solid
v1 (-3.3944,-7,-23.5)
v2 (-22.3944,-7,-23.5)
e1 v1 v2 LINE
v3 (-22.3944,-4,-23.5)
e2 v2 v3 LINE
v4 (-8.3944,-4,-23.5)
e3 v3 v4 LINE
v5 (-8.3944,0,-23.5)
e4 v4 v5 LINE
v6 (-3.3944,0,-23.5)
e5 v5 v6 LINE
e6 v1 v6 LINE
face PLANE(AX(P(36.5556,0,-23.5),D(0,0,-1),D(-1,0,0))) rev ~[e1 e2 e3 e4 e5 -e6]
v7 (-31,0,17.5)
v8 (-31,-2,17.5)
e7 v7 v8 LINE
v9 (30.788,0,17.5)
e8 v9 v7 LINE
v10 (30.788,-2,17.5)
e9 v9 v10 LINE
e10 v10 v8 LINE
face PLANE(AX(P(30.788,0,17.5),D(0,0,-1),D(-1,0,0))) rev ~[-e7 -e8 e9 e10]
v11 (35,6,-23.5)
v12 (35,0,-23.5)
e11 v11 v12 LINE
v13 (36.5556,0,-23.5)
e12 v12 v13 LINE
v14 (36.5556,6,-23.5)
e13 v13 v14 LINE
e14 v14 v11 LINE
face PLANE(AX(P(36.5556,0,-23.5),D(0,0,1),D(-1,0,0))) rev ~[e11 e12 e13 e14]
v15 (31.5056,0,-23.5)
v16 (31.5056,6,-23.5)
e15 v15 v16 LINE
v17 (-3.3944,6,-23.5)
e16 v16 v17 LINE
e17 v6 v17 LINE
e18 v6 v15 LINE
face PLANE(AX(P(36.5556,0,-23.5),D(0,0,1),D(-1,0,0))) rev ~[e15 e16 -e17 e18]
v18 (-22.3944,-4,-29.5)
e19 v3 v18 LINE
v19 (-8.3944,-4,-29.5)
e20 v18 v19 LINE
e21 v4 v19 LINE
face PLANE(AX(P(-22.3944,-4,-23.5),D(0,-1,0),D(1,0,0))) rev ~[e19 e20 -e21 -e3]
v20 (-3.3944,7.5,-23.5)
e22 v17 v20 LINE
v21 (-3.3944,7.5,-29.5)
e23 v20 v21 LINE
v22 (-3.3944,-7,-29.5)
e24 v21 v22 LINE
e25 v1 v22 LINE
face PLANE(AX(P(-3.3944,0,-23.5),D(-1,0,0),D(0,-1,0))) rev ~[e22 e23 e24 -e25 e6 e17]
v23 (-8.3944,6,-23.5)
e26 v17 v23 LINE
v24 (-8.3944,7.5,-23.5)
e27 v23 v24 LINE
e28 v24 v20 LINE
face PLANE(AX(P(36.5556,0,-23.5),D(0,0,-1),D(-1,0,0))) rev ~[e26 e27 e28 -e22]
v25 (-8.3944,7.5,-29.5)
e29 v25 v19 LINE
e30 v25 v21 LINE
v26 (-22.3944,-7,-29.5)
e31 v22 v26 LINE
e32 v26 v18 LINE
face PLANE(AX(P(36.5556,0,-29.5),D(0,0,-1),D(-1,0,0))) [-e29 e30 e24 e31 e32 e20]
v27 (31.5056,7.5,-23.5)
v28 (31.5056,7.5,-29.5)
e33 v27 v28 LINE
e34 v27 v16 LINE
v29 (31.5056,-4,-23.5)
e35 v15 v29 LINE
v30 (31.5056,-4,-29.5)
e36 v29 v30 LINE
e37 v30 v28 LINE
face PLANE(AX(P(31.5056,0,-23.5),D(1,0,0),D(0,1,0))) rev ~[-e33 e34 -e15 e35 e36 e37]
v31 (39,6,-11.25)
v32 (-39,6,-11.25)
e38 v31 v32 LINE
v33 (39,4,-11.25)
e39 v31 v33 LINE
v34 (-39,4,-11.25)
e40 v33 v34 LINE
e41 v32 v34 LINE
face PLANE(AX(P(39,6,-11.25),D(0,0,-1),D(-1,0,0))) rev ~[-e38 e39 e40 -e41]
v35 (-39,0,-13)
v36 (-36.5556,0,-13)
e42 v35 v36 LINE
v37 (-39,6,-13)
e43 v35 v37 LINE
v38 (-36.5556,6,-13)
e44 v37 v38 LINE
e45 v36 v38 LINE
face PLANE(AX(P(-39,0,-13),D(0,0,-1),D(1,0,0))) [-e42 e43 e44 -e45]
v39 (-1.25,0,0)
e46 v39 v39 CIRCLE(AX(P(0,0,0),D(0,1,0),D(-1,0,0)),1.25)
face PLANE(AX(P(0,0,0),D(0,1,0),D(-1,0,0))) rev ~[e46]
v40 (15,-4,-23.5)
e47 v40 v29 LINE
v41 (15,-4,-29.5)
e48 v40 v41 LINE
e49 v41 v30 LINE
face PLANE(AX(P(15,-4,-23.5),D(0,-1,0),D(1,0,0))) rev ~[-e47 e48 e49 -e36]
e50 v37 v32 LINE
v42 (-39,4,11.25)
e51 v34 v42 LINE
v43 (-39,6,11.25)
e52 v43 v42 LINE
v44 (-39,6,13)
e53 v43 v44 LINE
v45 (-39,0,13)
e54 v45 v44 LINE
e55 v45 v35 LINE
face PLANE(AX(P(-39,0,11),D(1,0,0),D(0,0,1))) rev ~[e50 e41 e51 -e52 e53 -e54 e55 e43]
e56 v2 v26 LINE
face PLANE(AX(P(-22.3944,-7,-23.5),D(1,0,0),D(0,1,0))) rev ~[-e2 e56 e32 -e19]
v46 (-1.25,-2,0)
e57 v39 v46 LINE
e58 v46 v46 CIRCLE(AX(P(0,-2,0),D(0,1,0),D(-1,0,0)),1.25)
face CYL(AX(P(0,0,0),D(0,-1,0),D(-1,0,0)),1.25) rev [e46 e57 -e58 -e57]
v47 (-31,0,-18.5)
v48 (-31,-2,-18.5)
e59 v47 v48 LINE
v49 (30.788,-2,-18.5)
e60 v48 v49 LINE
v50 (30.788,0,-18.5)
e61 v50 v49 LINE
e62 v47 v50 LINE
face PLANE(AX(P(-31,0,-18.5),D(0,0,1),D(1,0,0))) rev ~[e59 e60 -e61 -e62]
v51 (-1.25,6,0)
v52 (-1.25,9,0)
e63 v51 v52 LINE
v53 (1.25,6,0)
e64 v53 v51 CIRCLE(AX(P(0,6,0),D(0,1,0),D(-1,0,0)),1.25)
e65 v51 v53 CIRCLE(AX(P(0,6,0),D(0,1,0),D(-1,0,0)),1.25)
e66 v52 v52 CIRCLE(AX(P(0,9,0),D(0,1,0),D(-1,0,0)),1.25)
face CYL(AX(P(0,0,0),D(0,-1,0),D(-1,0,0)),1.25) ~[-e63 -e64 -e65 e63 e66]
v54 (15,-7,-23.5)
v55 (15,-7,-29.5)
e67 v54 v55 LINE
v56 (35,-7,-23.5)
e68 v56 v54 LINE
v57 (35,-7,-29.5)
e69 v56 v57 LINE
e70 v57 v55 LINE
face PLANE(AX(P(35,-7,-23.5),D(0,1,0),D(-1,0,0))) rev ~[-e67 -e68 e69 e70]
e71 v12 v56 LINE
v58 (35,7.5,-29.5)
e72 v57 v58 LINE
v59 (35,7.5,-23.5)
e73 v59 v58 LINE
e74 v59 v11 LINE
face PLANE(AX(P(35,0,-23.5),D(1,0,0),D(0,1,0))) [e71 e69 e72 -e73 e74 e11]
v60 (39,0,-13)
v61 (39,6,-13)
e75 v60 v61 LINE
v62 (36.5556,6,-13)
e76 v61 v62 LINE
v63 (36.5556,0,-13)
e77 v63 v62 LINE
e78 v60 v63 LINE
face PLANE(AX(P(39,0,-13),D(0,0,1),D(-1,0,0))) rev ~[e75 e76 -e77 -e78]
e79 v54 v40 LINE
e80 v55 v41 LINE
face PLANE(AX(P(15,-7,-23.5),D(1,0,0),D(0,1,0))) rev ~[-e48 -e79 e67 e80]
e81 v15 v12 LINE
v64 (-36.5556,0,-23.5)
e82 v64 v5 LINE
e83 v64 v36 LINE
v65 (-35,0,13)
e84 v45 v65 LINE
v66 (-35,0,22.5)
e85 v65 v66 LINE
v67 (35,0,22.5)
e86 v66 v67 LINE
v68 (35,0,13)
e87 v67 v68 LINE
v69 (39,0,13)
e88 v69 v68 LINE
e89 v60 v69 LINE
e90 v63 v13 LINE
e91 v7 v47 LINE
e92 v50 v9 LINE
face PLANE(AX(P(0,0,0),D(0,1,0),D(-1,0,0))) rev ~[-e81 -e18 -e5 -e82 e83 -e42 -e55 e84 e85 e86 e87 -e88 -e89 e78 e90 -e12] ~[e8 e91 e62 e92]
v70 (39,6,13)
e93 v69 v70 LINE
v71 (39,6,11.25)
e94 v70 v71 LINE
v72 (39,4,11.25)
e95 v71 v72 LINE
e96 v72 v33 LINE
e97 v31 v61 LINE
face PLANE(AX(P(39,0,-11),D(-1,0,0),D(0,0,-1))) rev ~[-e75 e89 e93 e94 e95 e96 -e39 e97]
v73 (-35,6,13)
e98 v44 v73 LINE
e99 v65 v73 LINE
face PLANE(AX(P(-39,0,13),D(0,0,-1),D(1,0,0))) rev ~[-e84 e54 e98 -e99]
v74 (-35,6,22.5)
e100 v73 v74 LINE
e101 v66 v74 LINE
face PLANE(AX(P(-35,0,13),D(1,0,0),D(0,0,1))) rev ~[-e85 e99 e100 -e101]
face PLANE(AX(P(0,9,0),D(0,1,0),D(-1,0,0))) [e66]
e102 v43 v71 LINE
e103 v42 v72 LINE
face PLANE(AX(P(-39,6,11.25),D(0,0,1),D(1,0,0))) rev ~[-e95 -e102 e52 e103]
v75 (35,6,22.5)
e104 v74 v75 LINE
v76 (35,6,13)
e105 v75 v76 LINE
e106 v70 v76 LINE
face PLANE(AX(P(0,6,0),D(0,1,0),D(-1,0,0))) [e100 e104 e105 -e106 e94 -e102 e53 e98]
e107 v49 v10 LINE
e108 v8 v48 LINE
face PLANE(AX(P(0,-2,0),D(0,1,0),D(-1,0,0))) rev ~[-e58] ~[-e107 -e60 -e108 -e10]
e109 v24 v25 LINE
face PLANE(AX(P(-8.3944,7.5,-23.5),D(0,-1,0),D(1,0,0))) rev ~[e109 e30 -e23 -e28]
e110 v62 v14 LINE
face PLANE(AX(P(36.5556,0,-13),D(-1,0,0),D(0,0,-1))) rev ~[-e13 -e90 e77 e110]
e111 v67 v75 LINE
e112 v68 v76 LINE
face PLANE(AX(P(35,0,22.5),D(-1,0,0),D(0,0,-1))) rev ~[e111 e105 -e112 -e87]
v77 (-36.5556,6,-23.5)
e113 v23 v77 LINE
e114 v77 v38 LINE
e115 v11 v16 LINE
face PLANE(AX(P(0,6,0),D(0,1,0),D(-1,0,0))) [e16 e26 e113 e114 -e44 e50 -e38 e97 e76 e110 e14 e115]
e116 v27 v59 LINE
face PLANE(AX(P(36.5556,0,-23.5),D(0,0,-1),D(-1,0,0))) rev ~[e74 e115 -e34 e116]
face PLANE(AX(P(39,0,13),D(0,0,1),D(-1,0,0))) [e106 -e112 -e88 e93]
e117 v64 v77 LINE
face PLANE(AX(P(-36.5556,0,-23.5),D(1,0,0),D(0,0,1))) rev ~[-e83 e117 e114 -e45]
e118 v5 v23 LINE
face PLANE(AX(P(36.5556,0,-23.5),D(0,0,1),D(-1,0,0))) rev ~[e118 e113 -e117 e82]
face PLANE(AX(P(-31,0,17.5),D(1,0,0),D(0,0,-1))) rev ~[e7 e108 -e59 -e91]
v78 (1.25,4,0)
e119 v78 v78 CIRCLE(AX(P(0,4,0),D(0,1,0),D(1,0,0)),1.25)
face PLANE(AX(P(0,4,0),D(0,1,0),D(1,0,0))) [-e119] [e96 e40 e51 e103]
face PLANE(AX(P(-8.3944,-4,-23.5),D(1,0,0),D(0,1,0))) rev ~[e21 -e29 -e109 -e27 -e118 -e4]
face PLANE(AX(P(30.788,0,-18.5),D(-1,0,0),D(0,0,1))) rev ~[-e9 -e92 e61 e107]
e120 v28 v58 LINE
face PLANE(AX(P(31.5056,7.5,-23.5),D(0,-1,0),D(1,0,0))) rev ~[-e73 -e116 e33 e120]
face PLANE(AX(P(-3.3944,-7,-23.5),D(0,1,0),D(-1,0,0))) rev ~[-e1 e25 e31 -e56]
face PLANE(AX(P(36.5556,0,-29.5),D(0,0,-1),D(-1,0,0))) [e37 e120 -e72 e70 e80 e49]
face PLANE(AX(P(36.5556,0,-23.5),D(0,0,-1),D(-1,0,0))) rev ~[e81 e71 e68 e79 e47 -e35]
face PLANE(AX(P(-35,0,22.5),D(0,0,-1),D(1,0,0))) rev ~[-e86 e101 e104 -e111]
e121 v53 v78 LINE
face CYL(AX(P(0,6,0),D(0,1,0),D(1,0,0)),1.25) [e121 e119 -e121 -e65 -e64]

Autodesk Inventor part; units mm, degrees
ref_plane "YZ Plane" through (0, 0, 0) normal (1, 0, 0) x (0, 1, 0)
ref_plane "XZ Plane" through (0, 0, 0) normal (0, 1, 0) x (-1, 0, 0)
ref_plane "XY Plane" through (0, 0, 0) normal (0, 0, 1) x (1, 0, 0)
sketch "Sketch1" plane through (0, 0, 0) normal (0, 1, 0) x (-1, 0, 0)
  line L0 (-36.5556, -23.5) -> (36.5556, -23.5)
  line L1 (35, 22.5) -> (-35, 22.5)
  line L2 (-36.5556, -23.5) -> (35, 22.5) construction
  line L3 (36.5556, -23.5) -> (-35, 22.5) construction
  line L4 (-39, 0) -> (-39, -11)
  line L5 (-39, -11) -> (-39, 11)
  line L6 (39, -11) -> (39, 11)
  line L7 (-39, -11) -> (-39, -13)
  line L8 (-39, -13) -> (-36.5556, -13)
  line L9 (-39, 11) -> (-39, 13)
  line L10 (-39, 13) -> (-35, 13)
  line L11 (39, -11) -> (39, -13)
  line L12 (39, -13) -> (36.5556, -13)
  line L13 (39, 11) -> (39, 13)
  line L14 (39, 13) -> (35, 13)
  line L15 (-30.788, 17.5) -> (31, 17.5)
  line L16 (31, 17.5) -> (31, -18.5)
  line L17 (31, -18.5) -> (-30.788, -18.5)
  line L18 (-30.788, -18.5) -> (-30.788, 17.5)
  line L19 (-30.788, 17.5) -> (31, -18.5) construction
  line L20 (31, 17.5) -> (-30.788, -18.5) construction
  line L21 (36.5556, -23.5) -> (36.5556, -13)
  line L22 (35, 13) -> (35, 22.5)
  line L23 (-35, 22.5) -> (-35, 13)
  line L24 (-36.5556, -13) -> (-36.5556, -23.5)
  circle A0 centre (0, 0) radius 1.25
  dimension "d133" = 2.5
  dimension "d169" = 36
  dimension "d170" = 4
  dimension "d171" = 5
  dimension "d180" = 46
extrude "Extrusion39" add sketch "Sketch1" along normal blind 6 contours L24 L8 L7 L4 L5 L9 L10 L23 L1 L22 L14 L13 L6 L11 L12 L21 L0
extrude "Extrusion40" add sketch "Sketch1" against normal blind 2 contours L15 L16 L17 L18
extrude "Extrusion41" add sketch "Sketch1" along normal blind 6 contours L15 L16 L17 L18
extrude "Extrusion42" add sketch "Sketch1" along normal blind 9 contours A0
sketch "Sketch30" plane through (0, 6, 0) normal (0, 1, 0) x (1, 0, 0)
  line L0 (-39, -11.25) -> (39, -11.25)
  line L1 (39, -11.25) -> (39, 11.25)
  line L2 (39, 11.25) -> (-39, 11.25)
  line L3 (-39, 11.25) -> (-39, -11.25)
  circle A0 centre (0, 0) radius 1.25 projected
  line L4 (-39, -11.25) -> (39, 11.25) construction
  line L5 (39, -11.25) -> (-39, 11.25) construction
  dimension "d142" = 78
  dimension "d143" = 22.5
extrude "Extrusion43" cut sketch "Sketch30" against normal blind 2
sketch "Sketch31" plane through (36.5556, 0, -23.5) normal (0, 0, -1) x (-1, 0, 0)
  line L0 (67.5556, 0) -> (5.7676, 0) projected
  line L1 (67.5556, 0) -> (67.5556, -2) projected
  line L2 (64.95, 0) -> (44.95, 0)
  line L3 (44.95, 0) -> (44.95, 7.5)
  line L4 (39.95, 7.5) -> (39.95, -7)
  line L5 (39.95, -7) -> (58.95, -7)
  line L6 (58.95, -7) -> (58.95, -4)
  line L7 (58.95, -4) -> (44.95, -4)
  line L8 (44.95, -4) -> (44.95, 0)
  line L9 (75.5556, 4) -> (-2.4444, 4) projected
  line L10 (5.05, 0) -> (5.05, 4)
  line L11 (1.5556, 0) -> (1.5556, 6) projected
  line L12 (71.5556, 0) -> (1.5556, 0) projected
  line L13 (1.5556, 0) -> (1.5556, -7)
  line L14 (1.5556, -7) -> (21.5556, -7)
  line L15 (21.5556, -7) -> (21.5556, -4)
  line L16 (21.5556, -4) -> (5.05, -4)
  line L17 (5.7676, 0) -> (5.7676, -2) projected
  line L18 (5.05, -4) -> (5.05, 0)
  line L19 (44.95, 7.5) -> (39.95, 7.5)
  line L20 (5.05, 4) -> (5.05, 7.5)
  line L21 (5.05, 7.5) -> (1.5556, 7.5)
  line L22 (1.5556, 7.5) -> (1.5556, -7)
  point P0 (36.5556, 0)
  point P1 (-2.4444, 4)
  point P2 (66, 0)
  point P3 (4.212, 0)
  dimension "d152" = 5
  dimension "d157" = 20
  dimension "d163" = 4
  dimension "d164" = 4
  dimension "d187" = 3
  dimension "d188" = 3
extrude "Extrusion51" cut sketch "Sketch31" along normal blind 10 contours L18 L16 L15 L14 L13 L12
extrude "Extrusion52" cut sketch "Sketch31" along normal blind 10 contours L12 L11 L9 L10 | L9 L11 L22 L21 L20
extrude "Extrusion54" add sketch "Sketch31" along normal blind 6 contours L12 L11 L9 L10 | L18 L16 L15 L14 L13 L12 | L9 L11 L22 L21 L20
extrude "Extrusion55" add sketch "Sketch31" along normal blind 6 contours L8 L7 L6 L5 L4 L0 | L0 L4 L9 L3 | L9 L4 L19 L3
equation "\"d187\" = d188"
properties part number "kotelon yläosa"
